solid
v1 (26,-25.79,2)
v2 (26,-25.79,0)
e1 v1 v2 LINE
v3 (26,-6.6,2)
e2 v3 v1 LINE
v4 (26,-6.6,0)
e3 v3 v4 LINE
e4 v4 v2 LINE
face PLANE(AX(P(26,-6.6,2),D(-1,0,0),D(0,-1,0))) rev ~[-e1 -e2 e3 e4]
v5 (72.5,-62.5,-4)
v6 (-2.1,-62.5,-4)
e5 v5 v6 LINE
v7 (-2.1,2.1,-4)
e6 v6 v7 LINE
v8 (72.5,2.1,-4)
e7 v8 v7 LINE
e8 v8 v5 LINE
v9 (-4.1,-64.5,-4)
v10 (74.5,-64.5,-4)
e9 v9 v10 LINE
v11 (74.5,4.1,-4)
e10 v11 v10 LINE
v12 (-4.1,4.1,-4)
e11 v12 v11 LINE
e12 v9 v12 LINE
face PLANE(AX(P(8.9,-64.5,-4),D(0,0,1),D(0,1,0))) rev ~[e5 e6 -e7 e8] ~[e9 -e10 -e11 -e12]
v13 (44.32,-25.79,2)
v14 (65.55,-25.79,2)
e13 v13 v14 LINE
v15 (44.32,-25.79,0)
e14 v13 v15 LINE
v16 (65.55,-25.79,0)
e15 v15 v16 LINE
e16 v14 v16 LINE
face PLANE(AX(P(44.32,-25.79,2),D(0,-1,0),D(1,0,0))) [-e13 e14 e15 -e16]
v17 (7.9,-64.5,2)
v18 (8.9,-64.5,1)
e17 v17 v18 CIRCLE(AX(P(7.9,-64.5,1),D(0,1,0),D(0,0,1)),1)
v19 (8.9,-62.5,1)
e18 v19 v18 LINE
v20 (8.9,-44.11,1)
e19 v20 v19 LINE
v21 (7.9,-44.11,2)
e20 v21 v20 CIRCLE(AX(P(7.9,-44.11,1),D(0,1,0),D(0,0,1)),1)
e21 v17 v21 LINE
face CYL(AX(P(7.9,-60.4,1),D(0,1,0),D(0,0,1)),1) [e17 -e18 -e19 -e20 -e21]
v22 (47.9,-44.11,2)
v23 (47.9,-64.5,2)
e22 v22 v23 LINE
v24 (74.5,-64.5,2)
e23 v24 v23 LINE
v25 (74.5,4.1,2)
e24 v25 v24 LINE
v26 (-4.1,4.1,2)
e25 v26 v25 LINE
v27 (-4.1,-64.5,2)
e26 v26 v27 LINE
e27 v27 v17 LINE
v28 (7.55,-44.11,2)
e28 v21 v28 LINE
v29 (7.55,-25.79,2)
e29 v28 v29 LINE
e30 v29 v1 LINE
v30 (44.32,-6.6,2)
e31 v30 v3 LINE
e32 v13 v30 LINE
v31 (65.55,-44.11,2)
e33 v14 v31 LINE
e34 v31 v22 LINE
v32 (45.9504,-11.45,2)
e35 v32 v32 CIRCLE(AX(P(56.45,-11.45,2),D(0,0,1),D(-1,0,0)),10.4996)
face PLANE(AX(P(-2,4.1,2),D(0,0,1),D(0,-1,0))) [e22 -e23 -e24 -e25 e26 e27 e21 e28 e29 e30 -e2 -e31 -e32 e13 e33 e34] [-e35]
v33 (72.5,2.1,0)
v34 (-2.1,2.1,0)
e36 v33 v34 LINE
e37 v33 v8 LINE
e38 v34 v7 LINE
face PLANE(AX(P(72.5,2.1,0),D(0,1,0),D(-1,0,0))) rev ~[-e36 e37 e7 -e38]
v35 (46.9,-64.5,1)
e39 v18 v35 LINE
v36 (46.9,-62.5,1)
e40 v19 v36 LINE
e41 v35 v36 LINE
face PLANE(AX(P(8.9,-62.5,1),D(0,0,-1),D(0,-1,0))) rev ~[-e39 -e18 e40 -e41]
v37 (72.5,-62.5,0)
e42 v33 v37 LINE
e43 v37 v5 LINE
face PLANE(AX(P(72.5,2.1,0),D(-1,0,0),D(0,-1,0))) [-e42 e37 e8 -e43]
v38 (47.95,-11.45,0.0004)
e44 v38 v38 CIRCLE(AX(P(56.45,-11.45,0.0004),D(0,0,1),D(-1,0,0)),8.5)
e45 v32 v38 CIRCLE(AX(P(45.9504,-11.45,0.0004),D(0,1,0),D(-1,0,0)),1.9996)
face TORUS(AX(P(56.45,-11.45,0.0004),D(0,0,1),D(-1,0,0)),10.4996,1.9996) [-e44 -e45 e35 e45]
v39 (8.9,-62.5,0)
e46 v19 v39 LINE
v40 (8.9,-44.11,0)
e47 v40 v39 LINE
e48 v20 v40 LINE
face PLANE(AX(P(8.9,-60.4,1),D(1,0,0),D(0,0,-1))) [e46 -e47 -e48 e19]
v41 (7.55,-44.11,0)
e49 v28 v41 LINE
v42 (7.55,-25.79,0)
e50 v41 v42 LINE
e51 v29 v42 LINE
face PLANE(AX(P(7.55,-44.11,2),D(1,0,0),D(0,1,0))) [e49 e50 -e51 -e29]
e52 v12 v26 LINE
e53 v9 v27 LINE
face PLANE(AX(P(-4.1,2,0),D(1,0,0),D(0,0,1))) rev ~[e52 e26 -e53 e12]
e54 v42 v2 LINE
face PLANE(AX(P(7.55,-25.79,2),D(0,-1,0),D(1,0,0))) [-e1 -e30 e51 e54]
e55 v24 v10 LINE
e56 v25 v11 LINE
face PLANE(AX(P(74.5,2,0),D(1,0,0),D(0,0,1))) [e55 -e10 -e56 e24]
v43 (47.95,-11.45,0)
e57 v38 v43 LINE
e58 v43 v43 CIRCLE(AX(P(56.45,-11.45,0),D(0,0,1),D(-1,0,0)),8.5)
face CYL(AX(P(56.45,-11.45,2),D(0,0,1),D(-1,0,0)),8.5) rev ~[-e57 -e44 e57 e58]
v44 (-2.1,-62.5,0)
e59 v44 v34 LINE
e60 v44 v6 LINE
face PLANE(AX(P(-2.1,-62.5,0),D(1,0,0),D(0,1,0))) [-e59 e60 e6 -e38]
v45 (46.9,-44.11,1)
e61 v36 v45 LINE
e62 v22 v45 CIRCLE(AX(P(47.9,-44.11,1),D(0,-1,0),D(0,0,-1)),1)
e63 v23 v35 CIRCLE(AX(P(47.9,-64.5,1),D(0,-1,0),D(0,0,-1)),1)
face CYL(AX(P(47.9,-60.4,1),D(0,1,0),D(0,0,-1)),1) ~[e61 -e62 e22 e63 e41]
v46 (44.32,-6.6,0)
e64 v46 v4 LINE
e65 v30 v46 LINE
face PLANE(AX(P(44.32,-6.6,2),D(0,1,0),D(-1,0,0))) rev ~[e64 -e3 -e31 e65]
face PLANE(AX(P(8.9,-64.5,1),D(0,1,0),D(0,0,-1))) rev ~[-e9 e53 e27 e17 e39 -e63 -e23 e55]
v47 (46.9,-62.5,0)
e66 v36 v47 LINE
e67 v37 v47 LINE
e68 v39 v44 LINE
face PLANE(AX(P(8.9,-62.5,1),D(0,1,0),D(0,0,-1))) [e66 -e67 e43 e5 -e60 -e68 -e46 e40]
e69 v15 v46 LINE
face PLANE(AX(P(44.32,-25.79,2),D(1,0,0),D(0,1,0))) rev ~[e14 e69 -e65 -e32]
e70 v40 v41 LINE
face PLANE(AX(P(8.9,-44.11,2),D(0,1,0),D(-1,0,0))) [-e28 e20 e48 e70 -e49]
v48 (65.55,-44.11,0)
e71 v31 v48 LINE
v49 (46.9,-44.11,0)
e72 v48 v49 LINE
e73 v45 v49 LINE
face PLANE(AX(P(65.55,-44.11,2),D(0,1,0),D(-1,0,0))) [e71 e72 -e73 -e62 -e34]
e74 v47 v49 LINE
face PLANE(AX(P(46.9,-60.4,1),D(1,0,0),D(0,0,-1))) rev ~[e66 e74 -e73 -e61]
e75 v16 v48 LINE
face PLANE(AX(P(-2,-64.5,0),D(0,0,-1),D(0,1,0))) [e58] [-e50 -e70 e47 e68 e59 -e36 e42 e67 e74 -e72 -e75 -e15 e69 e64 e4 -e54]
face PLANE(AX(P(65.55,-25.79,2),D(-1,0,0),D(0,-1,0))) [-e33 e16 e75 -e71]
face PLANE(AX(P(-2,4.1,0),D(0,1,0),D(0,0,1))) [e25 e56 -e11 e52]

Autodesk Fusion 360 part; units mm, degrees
sketch "Sketch1" plane through (0, 0, 0) normal (0, 0, 1) x (1, 0, 0)
  line L0 (0, 0) -> (70.4, 0)
  line L1 (70.4, 0) -> (70.4, -60.4)
  line L2 (70.4, -60.4) -> (0, -60.4)
  line L3 (0, -60.4) -> (0, 0)
  dimension "d1" = 60.4
  dimension "d2" = 70.4
extrude "Extrude1" add sketch "Sketch1" along normal blind 2
sketch "Sketch3" plane through (0, 0, 2) normal (0, 0, 1) x (-1, 0, 0)
  line L0 (0, 60.4) -> (-70.4, 60.4)
  line L1 (-70.4, 60.4) -> (-70.4, 0)
  line L2 (-70.4, 0) -> (0, 0)
  line L3 (0, 0) -> (0, 60.4)
  line L4 (-7.55, 25.79) -> (-65.55, 25.79)
  line L5 (-65.55, 25.79) -> (-65.55, 44.11)
  line L6 (-65.55, 44.11) -> (-7.55, 44.11)
  line L7 (-7.55, 44.11) -> (-7.55, 25.79)
  line L8 (-26, 25.79) -> (-44.32, 25.79)
  line L9 (-44.32, 25.79) -> (-44.32, 6.6)
  line L10 (-44.32, 6.6) -> (-26, 6.6)
  line L11 (-26, 6.6) -> (-26, 25.79)
  line L12 (-46.9, 60.4) -> (-8.9, 60.4)
  line L13 (-8.9, 60.4) -> (-8.9, 44.11)
  line L14 (-8.9, 44.11) -> (-46.9, 44.11)
  line L15 (-46.9, 44.11) -> (-46.9, 60.4)
  dimension "d19" = 58
  dimension "d20" = 18.32
  dimension "d21" = 7.55
  dimension "d22" = 70.4
  dimension "d23" = 18.32
  dimension "d24" = 19.19
  dimension "d25" = 6.6
  dimension "d26" = 26
  dimension "d27" = 16.29
  dimension "d28" = 38
  dimension "d29" = 8.9
extrude "Extrude2" cut sketch "Sketch3" against normal blind 2 contours L0 L6 L12 L13 L14 L15 | L4 L5 L6 L7 L8 L14 | L4 L8 L9 L10 L11
sketch "Sketch4" plane through (0, 0, 2) normal (0, 0, 1) x (-1, 0, 0)
  line L0 (-46.9, 44.11) -> (-46.9, 60.4)
  line L1 (-46.9, 60.4) -> (-70.4, 60.4)
  line L2 (-70.4, 60.4) -> (-70.4, 0)
  line L3 (-70.4, 0) -> (0, 0)
  line L4 (0, 0) -> (0, 60.4)
  line L5 (0, 60.4) -> (-8.9, 60.4)
  line L6 (-8.9, 60.4) -> (-8.9, 44.11)
  line L7 (-8.9, 44.11) -> (-7.55, 44.11)
  line L8 (-7.55, 44.11) -> (-7.55, 25.79)
  line L9 (-7.55, 25.79) -> (-26, 25.79)
  line L10 (-26, 25.79) -> (-26, 6.6)
  line L11 (-26, 6.6) -> (-44.32, 6.6)
  line L12 (-44.32, 6.6) -> (-44.32, 25.79)
  line L13 (-44.32, 25.79) -> (-65.55, 25.79)
  line L14 (-65.55, 25.79) -> (-65.55, 44.11)
  line L15 (-65.55, 44.11) -> (-46.9, 44.11)
  circle A0 centre (-56.45, 11.45) radius 8.5
  dimension "d32" = 17
  dimension "d33" = 13.95
  dimension "d34" = 11.45
extrude "Extrude3" cut sketch "Sketch4" against normal blind 2 contours A0
fillet "Fillet1" radius 1 2 edges at (8.9, -52.255, 2) (46.9, -52.255, 2)
fillet "Fillet2" radius 2 1 edges at (64.3748, -14.5237, 2)
extrude "Extrude4" add 1 faces at (55.0667, -60.4, 0.6667) along direction (0, -1, 0) blind 2
extrude "Extrude5" add 1 faces at (5.6, -60.4, 0.6667) along direction (0, -1, 0) blind 2
extrude "Extrude6" add 1 faces at (0, -41.6, 1.3333) along direction (-1, 0, 0) blind 2
extrude "Extrude7" add 1 faces at (46.2667, 0, 0.6667) along direction (0, 1, 0) blind 2
extrude "Extrude13" add 1 faces at (70.4, -40.9333, 0.6667) along direction (1, 0, 0) blind 2
extrude "Extrude14" add 2 faces at (4.9333, -62.4, 0.6667) (55.7333, -62.4, 0.6667) along direction (0, -1, 0) blind 2.1
extrude "Extrude15" add 1 faces at (72.4, -42.3333, 0.6667) along direction (1, 0, 0) blind 2.1
extrude "Extrude16" add 1 faces at (49, 2, 1.3333) along direction (0, 1, 0) blind 2.1
extrude "Extrude17" add 1 faces at (-2, -18.7667, 1.3333) along direction (-1, 0, 0) blind 2.1
sketch "Sketch6" plane through (0, 0, 0) normal (0, 0, -1) x (1, 0, 0)
  circle A0 centre (56.45, 11.45) radius 8.5
  line L0 (46.9, 64.5) -> (46.9, 44.11)
  line L1 (46.9, 44.11) -> (65.55, 44.11)
  line L2 (65.55, 44.11) -> (65.55, 25.79)
  line L3 (65.55, 25.79) -> (44.32, 25.79)
  line L4 (44.32, 25.79) -> (44.32, 6.6)
  line L5 (44.32, 6.6) -> (26, 6.6)
  line L6 (26, 6.6) -> (26, 25.79)
  line L7 (26, 25.79) -> (7.55, 25.79)
  line L8 (7.55, 25.79) -> (7.55, 44.11)
  line L9 (7.55, 44.11) -> (8.9, 44.11)
  line L10 (8.9, 44.11) -> (8.9, 64.5)
  line L11 (8.9, 64.5) -> (-4.1, 64.5)
  line L12 (-4.1, 64.5) -> (-4.1, -4.1)
  line L13 (-4.1, -4.1) -> (74.5, -4.1)
  line L14 (74.5, -4.1) -> (74.5, 64.5)
  line L15 (74.5, 64.5) -> (46.9, 64.5)
  line L16 (-4.1, -4.1) -> (74.5, -4.1)
  line L17 (74.5, -4.1) -> (74.5, -2.1)
  line L18 (74.5, -2.1) -> (-4.1, -2.1)
  line L19 (-4.1, -2.1) -> (-4.1, -4.1)
  line L20 (74.5, -4.1) -> (72.5, -4.1)
  line L21 (72.5, -4.1) -> (72.5, 64.5)
  line L22 (72.5, 64.5) -> (74.5, 64.5)
  line L23 (74.5, 64.5) -> (74.5, -4.1)
  line L24 (-4.1, 64.5) -> (-2.1, 64.5)
  line L25 (-2.1, 64.5) -> (-2.1, -4.1)
  line L26 (-2.1, -4.1) -> (-4.1, -4.1)
  line L27 (-4.1, -4.1) -> (-4.1, 64.5)
  line L28 (-4.1, 64.5) -> (8.9, 64.5)
  line L29 (8.9, 64.5) -> (8.9, 62.5)
  line L30 (8.9, 62.5) -> (-4.1, 62.5)
  line L31 (-4.1, 62.5) -> (-4.1, 64.5)
  line L32 (46.9, 64.5) -> (74.5, 64.5)
  line L33 (74.5, 64.5) -> (74.5, 62.5)
  line L34 (74.5, 62.5) -> (46.9, 62.5)
  line L35 (46.9, 62.5) -> (46.9, 64.5)
  dimension "d69" = 2
  dimension "d70" = 2
  dimension "d71" = 2
  dimension "d72" = 2
  dimension "d73" = 2
extrude "Extrude18" add sketch "Sketch6" along normal blind 4 contours L0 L15 L21 L32 L34 L35 | L14 L15 L21 L22 L23 L32 L33 L34 | L14 L18 L21 L23 L34 | L13 L16 L18 L21 L25 | L13 L14 L16 L17 L18 L20 L21 L23 | L12 L13 L16 L18 L19 L25 L26 L27 | L12 L18 L25 L27 L30 | L11 L12 L24 L25 L27 L28 L30 L31 | L10 L11 L25 L28 L29 L30
sketch "Sketch7" plane through (8.9, 0, 0) normal (1, 0, 0) x (0, 1, 0)
  line L0 (-44.11, 1) -> (-64.5, 1)
  line L1 (-64.5, 1) -> (-64.5, -4)
  line L2 (-64.5, -4) -> (-62.5, -4)
  line L3 (-62.5, -4) -> (-62.5, 0)
  line L4 (-62.5, 0) -> (-44.11, 0)
  line L5 (-44.11, 0) -> (-44.11, 1)
  line L6 (-62.5, -4) -> (-64.5, -4)
  line L7 (-64.5, -4) -> (-64.5, 1)
  line L8 (-64.5, 1) -> (-62.5, 1)
  line L9 (-62.5, 1) -> (-62.5, -4)
extrude "Extrude19" add sketch "Sketch7" along normal blind 38 contours L0 L1 L2 L3 L6 L7 L8 L9
